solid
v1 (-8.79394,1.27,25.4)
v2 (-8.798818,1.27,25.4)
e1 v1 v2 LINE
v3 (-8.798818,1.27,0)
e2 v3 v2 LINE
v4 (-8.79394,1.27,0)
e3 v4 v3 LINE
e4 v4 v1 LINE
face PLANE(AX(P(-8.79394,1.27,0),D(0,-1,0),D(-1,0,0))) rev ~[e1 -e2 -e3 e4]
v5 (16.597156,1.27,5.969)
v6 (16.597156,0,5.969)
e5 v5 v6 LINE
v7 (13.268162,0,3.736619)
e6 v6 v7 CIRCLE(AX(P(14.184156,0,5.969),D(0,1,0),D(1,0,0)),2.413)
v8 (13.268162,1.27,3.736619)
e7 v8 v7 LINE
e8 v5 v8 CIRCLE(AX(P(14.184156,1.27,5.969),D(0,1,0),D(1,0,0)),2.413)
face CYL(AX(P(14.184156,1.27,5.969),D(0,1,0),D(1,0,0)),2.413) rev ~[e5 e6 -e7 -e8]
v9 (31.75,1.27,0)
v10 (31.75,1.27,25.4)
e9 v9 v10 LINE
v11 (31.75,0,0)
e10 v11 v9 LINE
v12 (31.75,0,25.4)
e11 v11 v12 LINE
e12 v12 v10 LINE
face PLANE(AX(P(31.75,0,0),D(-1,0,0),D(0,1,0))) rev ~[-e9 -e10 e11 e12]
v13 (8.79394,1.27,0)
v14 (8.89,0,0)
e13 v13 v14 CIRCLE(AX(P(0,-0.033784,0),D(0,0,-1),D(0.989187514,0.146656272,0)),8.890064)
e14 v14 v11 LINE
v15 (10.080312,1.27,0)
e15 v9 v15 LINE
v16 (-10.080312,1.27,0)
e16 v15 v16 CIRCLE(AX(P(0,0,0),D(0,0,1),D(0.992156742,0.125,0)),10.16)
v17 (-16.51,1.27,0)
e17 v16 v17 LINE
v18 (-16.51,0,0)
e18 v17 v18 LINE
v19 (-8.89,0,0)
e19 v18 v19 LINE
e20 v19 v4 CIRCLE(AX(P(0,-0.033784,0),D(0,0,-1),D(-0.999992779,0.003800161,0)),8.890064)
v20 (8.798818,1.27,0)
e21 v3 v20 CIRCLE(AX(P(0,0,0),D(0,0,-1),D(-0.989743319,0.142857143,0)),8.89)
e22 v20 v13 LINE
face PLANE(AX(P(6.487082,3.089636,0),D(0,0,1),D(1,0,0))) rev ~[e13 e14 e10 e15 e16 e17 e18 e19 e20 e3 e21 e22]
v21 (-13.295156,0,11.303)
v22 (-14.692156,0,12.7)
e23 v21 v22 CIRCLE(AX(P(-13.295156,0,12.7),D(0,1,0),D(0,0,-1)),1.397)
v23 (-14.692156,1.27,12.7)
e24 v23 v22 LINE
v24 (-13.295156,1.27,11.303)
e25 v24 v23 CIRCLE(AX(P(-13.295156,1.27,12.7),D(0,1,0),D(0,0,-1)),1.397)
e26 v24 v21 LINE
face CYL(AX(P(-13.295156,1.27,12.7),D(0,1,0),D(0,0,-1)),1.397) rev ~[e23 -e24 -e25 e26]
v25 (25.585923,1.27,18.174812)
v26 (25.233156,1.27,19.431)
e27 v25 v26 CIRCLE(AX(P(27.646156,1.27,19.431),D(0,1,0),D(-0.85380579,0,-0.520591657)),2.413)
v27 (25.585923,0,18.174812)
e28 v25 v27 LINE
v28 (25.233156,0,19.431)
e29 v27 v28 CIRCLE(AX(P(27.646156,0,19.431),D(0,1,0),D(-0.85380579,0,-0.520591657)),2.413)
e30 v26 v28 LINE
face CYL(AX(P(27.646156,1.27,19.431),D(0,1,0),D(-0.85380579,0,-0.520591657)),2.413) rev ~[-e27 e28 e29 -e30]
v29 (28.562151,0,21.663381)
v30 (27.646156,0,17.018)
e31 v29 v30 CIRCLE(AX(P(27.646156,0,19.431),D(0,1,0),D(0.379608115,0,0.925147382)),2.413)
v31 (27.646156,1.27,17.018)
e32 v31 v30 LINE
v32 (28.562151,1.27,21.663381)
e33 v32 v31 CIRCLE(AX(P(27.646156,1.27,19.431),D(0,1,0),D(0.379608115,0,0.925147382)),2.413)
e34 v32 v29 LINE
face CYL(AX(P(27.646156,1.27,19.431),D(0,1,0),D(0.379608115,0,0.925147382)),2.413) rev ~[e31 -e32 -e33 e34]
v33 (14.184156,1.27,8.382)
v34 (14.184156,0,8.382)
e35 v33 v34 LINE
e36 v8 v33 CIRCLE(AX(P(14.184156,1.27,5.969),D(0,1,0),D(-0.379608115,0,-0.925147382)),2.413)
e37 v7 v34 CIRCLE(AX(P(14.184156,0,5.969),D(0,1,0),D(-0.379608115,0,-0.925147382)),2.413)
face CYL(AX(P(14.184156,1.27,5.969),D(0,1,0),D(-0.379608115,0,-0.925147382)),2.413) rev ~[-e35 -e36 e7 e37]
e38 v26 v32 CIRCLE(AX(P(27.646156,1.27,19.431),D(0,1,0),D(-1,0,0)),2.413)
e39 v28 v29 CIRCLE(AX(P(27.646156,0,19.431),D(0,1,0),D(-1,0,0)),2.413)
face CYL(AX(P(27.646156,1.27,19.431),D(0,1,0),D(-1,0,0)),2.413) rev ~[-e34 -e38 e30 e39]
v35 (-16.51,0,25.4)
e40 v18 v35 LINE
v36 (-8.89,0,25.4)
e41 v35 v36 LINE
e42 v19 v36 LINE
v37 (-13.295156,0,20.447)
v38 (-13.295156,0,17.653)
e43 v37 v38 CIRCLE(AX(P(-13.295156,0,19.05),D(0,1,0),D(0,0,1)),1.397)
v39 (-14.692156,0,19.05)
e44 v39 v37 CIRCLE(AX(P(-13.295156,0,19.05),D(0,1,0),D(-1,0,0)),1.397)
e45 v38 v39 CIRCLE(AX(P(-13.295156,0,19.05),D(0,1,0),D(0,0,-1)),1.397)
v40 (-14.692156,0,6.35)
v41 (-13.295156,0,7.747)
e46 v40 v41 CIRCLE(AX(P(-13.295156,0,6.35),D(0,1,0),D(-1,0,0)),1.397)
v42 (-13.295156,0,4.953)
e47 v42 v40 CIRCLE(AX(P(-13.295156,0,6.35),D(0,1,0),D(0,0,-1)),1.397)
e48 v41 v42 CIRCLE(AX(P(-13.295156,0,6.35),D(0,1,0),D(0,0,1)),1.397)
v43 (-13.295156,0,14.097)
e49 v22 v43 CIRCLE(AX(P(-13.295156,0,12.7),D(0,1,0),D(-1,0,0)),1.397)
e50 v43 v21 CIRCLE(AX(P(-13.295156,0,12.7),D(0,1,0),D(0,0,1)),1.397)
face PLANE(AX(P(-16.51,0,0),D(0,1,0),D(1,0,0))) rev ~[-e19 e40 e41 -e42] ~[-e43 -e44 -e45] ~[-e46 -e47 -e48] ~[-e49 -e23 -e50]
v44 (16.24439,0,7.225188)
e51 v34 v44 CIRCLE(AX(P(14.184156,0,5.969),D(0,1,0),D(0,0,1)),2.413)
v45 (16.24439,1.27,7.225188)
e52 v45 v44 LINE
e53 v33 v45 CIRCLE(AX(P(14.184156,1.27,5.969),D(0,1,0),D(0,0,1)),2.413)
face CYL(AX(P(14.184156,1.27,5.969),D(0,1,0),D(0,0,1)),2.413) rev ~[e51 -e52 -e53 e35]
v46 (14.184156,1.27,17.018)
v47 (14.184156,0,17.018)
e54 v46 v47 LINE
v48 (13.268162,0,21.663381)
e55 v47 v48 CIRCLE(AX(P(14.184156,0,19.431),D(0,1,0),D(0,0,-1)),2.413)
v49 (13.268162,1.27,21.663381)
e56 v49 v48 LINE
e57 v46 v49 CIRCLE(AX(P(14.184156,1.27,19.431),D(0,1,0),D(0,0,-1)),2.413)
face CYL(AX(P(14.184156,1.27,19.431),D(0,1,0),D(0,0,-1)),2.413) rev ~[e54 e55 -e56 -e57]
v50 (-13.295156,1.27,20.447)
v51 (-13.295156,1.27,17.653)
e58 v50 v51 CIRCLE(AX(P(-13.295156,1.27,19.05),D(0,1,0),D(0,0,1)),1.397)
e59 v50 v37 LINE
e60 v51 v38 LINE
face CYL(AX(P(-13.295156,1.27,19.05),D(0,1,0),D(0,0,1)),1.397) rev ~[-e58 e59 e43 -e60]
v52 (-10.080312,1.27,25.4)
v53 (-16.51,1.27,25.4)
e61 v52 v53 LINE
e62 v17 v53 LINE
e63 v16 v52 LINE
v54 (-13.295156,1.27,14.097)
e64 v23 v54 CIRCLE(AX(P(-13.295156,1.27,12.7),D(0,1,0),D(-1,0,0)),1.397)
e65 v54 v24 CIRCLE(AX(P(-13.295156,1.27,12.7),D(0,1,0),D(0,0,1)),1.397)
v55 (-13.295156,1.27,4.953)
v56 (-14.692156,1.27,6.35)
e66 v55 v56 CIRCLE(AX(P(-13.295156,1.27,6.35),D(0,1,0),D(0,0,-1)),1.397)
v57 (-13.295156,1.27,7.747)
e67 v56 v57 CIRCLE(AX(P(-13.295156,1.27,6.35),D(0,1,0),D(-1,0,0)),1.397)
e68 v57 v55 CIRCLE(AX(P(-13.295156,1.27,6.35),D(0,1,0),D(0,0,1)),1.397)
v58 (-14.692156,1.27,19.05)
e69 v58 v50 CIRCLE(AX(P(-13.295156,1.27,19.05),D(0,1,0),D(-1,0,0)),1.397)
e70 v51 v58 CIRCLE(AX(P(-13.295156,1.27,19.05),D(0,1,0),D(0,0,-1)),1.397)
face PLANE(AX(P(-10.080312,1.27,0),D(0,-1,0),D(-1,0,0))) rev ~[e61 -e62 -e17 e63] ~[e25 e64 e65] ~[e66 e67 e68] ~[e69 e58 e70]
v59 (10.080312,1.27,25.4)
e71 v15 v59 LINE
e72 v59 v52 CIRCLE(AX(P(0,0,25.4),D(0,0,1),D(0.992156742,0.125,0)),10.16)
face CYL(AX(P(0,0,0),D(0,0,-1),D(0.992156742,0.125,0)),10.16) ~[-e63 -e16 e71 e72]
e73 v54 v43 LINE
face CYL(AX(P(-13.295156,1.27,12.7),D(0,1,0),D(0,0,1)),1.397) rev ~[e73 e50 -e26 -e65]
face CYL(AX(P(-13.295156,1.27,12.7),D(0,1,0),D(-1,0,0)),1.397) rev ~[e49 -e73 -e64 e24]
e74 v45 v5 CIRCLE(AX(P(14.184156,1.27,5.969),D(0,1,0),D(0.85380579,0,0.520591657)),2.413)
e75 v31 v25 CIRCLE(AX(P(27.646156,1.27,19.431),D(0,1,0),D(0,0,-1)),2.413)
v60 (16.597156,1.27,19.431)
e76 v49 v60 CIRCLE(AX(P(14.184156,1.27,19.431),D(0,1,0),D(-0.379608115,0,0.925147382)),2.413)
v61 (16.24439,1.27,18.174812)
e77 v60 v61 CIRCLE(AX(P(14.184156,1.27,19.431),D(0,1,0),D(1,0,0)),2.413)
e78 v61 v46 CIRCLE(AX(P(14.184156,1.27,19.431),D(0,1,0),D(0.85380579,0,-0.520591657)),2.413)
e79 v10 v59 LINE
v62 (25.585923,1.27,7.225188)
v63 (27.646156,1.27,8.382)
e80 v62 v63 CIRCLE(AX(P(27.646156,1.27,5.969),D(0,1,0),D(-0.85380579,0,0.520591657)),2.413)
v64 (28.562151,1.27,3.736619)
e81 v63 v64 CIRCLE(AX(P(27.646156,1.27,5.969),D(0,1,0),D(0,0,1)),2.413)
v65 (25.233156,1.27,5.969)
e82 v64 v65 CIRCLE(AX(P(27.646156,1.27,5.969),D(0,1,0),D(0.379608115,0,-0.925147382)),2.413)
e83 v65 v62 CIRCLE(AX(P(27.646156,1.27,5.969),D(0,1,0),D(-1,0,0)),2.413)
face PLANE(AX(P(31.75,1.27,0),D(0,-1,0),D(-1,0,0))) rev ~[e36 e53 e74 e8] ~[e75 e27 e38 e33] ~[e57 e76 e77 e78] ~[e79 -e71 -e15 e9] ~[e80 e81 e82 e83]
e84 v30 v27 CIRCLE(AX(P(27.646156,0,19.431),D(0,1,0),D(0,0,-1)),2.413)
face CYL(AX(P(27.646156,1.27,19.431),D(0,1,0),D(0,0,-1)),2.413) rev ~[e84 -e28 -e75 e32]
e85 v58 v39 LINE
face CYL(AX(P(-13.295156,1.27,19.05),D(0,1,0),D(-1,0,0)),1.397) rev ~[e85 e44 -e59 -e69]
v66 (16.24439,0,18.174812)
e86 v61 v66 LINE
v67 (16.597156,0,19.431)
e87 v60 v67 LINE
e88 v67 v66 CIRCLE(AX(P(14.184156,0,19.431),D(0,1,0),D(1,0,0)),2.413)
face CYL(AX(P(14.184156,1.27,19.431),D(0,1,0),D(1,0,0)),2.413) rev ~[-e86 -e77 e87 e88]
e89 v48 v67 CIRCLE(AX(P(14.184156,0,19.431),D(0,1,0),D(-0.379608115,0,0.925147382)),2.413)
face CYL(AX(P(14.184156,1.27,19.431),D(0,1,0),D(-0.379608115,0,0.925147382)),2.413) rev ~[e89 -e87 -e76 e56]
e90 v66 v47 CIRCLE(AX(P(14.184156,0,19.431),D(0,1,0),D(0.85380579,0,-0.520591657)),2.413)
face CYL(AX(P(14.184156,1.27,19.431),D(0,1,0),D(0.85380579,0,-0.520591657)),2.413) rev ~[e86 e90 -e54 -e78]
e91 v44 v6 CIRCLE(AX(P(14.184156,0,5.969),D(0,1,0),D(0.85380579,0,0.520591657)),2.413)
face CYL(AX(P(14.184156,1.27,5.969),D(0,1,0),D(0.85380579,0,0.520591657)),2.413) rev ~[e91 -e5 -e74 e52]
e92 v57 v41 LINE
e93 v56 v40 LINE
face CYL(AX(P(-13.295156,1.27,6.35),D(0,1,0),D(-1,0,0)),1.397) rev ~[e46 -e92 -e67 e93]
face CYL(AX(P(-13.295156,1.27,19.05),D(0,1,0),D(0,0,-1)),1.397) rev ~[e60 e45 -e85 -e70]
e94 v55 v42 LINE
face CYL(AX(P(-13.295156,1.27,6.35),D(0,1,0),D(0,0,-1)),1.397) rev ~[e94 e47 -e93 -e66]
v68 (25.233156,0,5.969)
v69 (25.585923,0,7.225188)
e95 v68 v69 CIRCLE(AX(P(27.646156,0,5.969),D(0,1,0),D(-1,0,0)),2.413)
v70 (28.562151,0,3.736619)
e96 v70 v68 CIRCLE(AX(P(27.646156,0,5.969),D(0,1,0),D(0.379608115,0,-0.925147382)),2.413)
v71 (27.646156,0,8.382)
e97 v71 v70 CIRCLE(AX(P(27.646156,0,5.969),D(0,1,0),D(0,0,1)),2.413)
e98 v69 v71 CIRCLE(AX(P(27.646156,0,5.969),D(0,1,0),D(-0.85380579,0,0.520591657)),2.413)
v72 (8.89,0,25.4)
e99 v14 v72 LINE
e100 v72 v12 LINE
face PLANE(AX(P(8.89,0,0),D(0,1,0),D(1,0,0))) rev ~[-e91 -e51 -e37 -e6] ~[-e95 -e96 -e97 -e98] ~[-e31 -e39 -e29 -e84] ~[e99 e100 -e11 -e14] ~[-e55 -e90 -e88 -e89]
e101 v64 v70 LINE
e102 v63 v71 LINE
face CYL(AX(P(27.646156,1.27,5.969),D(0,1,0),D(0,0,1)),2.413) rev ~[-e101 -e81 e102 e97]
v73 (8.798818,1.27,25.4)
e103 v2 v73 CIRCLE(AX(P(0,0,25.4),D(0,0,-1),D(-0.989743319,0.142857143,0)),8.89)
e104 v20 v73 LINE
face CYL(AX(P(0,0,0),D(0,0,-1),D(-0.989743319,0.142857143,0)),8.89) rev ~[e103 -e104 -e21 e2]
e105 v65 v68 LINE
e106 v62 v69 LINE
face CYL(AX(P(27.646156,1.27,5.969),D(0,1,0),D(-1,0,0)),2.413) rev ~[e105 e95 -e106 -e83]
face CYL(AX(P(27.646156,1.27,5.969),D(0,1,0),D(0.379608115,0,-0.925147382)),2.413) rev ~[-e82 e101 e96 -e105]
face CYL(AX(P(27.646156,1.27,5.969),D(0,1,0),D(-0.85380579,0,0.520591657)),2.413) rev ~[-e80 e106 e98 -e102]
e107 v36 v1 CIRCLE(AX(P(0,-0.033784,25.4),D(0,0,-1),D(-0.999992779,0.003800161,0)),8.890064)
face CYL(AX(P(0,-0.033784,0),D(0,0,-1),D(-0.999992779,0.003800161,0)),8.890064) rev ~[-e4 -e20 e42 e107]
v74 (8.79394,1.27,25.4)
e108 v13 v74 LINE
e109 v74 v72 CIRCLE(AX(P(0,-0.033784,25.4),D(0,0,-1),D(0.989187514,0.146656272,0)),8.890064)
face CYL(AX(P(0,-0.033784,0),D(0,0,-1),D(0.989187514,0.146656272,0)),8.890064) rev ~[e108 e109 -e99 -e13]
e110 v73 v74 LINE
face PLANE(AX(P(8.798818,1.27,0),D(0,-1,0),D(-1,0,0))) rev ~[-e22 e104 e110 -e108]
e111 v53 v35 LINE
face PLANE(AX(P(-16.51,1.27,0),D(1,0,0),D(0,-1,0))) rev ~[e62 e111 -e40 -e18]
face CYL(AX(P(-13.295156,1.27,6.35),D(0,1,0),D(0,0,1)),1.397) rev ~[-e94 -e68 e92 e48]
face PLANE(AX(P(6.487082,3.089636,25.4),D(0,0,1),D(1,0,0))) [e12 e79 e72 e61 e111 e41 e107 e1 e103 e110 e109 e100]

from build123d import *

# Parameters (mm, degrees)
F1_DEPTH = 25.4
F4_DEPTH = 25.4


with BuildPart() as f1:
    # F0 (on Top) → F1 (new body)
    with BuildSketch(Plane.XY):
        with BuildLine():
            ThreePointArc((-8.7988181024, 1.27), (0, 8.89), (8.7988181024, 1.27))
            Line((8.7988181024, 1.27), (8.793940497, 1.27))
            ThreePointArc((8.793940497, 1.27), (8.8647426852, 0.636722448), (8.89, 0))
            Line((8.89, 0), (10.16, 0))
            Line((10.16, 0), (31.75, 0))
            Line((31.75, 0), (31.75, 1.27))
            Line((31.75, 1.27), (10.0803124952, 1.27))
            ThreePointArc((10.0803124952, 1.27), (0, 10.16), (-10.0803124952, 1.27))
            Line((-10.0803124952, 1.27), (-16.51, 1.27))
            Line((-16.51, 1.27), (-16.51, 0))
            Line((-16.51, 0), (-10.16, 0))
            Line((-10.16, 0), (-8.89, 0))
            ThreePointArc((-8.89, 0), (-8.8647426852, 0.636722448), (-8.793940497, 1.27))
            Line((-8.793940497, 1.27), (-8.7988181024, 1.27))
        make_face()
    extrude(amount=F1_DEPTH)

    # F3 (on face) + F2 (on face) → F4 (cut)
    with BuildSketch(Plane(origin=(0, 1.27, 0), x_dir=(-1, 0, 0), z_dir=(0, 1, 0))):
        with BuildLine():
            Line((-25.5859228767, 18.1748123319), (-26.6576234364, 19.431))
            Line((-26.6576234364, 19.431), (-27.6461562476, 19.431))
            Line((-27.6461562476, 19.431), (-27.6461562476, 17.018))
            ThreePointArc((-27.6461562476, 17.018), (-26.4647612762, 17.3269859978), (-25.5859228767, 18.1748123319))
        make_face()
        with BuildLine():
            Line((-25.2331562476, 19.431), (-26.6576234364, 19.431))
            Line((-26.6576234364, 19.431), (-25.5859228767, 18.1748123319))
            ThreePointArc((-25.5859228767, 18.1748123319), (-25.3230212834, 18.7786098268), (-25.2331562476, 19.431))
        make_face()
        with BuildLine():
            ThreePointArc((-25.2331562476, 19.431), (-26.302230179, 21.4351037204), (-28.5621506298, 21.6633806332))
            Line((-28.5621506298, 21.6633806332), (-26.6576234364, 19.431))
            Line((-26.6576234364, 19.431), (-25.2331562476, 19.431))
        make_face()
        with BuildLine():
            Line((-26.6576234364, 19.431), (-28.5621506298, 21.6633806332))
            ThreePointArc((-28.5621506298, 21.6633806332), (-30.013570815, 18.9641839056), (-27.6461562476, 17.018))
            Line((-27.6461562476, 17.018), (-27.6461562476, 19.431))
            Line((-27.6461562476, 19.431), (-26.6576234364, 19.431))
        make_face()
        with BuildLine():
            ThreePointArc((-27.6461562476, 8.382), (-30.013570815, 6.4358160944), (-28.5621506298, 3.7366193668))
            Line((-28.5621506298, 3.7366193668), (-26.6576234364, 5.969))
            Line((-26.6576234364, 5.969), (-27.6461562476, 5.969))
            Line((-27.6461562476, 5.969), (-27.6461562476, 8.382))
        make_face()
        with BuildLine():
            Line((-26.6576234364, 5.969), (-28.5621506298, 3.7366193668))
            ThreePointArc((-28.5621506298, 3.7366193668), (-26.302230179, 3.9648962796), (-25.2331562476, 5.969))
            Line((-25.2331562476, 5.969), (-26.6576234364, 5.969))
        make_face()
        with BuildLine():
            Line((-25.5859228767, 7.2251876681), (-26.6576234364, 5.969))
            Line((-26.6576234364, 5.969), (-25.2331562476, 5.969))
            ThreePointArc((-25.2331562476, 5.969), (-25.3230212834, 6.6213901732), (-25.5859228767, 7.2251876681))
        make_face()
        with BuildLine():
            ThreePointArc((-25.5859228767, 7.2251876681), (-26.4647612762, 8.0730140022), (-27.6461562476, 8.382))
            Line((-27.6461562476, 8.382), (-27.6461562476, 5.969))
            Line((-27.6461562476, 5.969), (-26.6576234364, 5.969))
            Line((-26.6576234364, 5.969), (-25.5859228767, 7.2251876681))
        make_face()
        with BuildLine():
            ThreePointArc((-16.2443896185, 7.2251876681), (-16.5072912118, 6.6213901732), (-16.5971562476, 5.969))
            Line((-16.5971562476, 5.969), (-15.1726890588, 5.969))
            Line((-15.1726890588, 5.969), (-16.2443896185, 7.2251876681))
        make_face()
        with BuildLine():
            ThreePointArc((-16.5971562476, 5.969), (-15.5280823162, 3.9648962796), (-13.2681618653, 3.7366193668))
            Line((-13.2681618653, 3.7366193668), (-15.1726890588, 5.969))
            Line((-15.1726890588, 5.969), (-16.5971562476, 5.969))
        make_face()
        with BuildLine():
            Line((-15.1726890588, 5.969), (-13.2681618653, 3.7366193668))
            ThreePointArc((-13.2681618653, 3.7366193668), (-12.1800525272, 4.6250739314), (-11.7711562476, 5.969))
            ThreePointArc((-11.7711562476, 5.969), (-12.4779075846, 7.675248663), (-14.1841562476, 8.382))
            Line((-14.1841562476, 8.382), (-14.1841562476, 5.969))
            Line((-14.1841562476, 5.969), (-15.1726890588, 5.969))
        make_face()
        with BuildLine():
            Line((-16.2443896185, 7.2251876681), (-15.1726890588, 5.969))
            Line((-15.1726890588, 5.969), (-14.1841562476, 5.969))
            Line((-14.1841562476, 5.969), (-14.1841562476, 8.382))
            ThreePointArc((-14.1841562476, 8.382), (-15.365551219, 8.0730140022), (-16.2443896185, 7.2251876681))
        make_face()
        with BuildLine():
            Line((-14.1841562476, 19.431), (-15.1726890588, 19.431))
            Line((-15.1726890588, 19.431), (-16.2443896185, 18.1748123319))
            ThreePointArc((-16.2443896185, 18.1748123319), (-15.365551219, 17.3269859978), (-14.1841562476, 17.018))
            Line((-14.1841562476, 17.018), (-14.1841562476, 19.431))
        make_face()
        with BuildLine():
            Line((-15.1726890588, 19.431), (-16.5971562476, 19.431))
            ThreePointArc((-16.5971562476, 19.431), (-16.5072912118, 18.7786098268), (-16.2443896185, 18.1748123319))
            Line((-16.2443896185, 18.1748123319), (-15.1726890588, 19.431))
        make_face()
        with BuildLine():
            Line((-15.1726890588, 19.431), (-13.2681618653, 21.6633806332))
            ThreePointArc((-13.2681618653, 21.6633806332), (-15.5280823162, 21.4351037204), (-16.5971562476, 19.431))
            Line((-16.5971562476, 19.431), (-15.1726890588, 19.431))
        make_face()
        with BuildLine():
            ThreePointArc((-11.7711562476, 19.431), (-12.1800525272, 20.7749260686), (-13.2681618653, 21.6633806332))
            Line((-13.2681618653, 21.6633806332), (-15.1726890588, 19.431))
            Line((-15.1726890588, 19.431), (-14.1841562476, 19.431))
            Line((-14.1841562476, 19.431), (-14.1841562476, 17.018))
            ThreePointArc((-14.1841562476, 17.018), (-12.4779075846, 17.724751337), (-11.7711562476, 19.431))
        make_face()
    with BuildSketch(Plane(origin=(0, 1.27, 0), x_dir=(-1, 0, 0), z_dir=(0, 1, 0))):
        with BuildLine():
            Line((13.2951562476, 17.653), (13.2951562476, 20.447))
            ThreePointArc((13.2951562476, 20.447), (11.8981562476, 19.05), (13.2951562476, 17.653))
        make_face()
        with BuildLine():
            ThreePointArc((14.6921562476, 19.05), (14.2829844209, 20.0378281733), (13.2951562476, 20.447))
            Line((13.2951562476, 20.447), (13.2951562476, 17.653))
            ThreePointArc((13.2951562476, 17.653), (14.2829844209, 18.0621718267), (14.6921562476, 19.05))
        make_face()
        with BuildLine():
            Line((13.2951562476, 11.303), (13.2951562476, 14.097))
            ThreePointArc((13.2951562476, 14.097), (11.8981562476, 12.7), (13.2951562476, 11.303))
        make_face()
        with BuildLine():
            ThreePointArc((14.6921562476, 12.7), (14.2829844209, 13.6878281733), (13.2951562476, 14.097))
            Line((13.2951562476, 14.097), (13.2951562476, 11.303))
            ThreePointArc((13.2951562476, 11.303), (14.2829844209, 11.7121718267), (14.6921562476, 12.7))
        make_face()
        with BuildLine():
            ThreePointArc((13.2951562476, 7.747), (11.8981562476, 6.35), (13.2951562476, 4.953))
            Line((13.2951562476, 4.953), (13.2951562476, 7.747))
        make_face()
        with BuildLine():
            Line((13.2951562476, 7.747), (13.2951562476, 4.953))
            ThreePointArc((13.2951562476, 4.953), (14.2829844209, 5.3621718267), (14.6921562476, 6.35))
            ThreePointArc((14.6921562476, 6.35), (14.2829844209, 7.3378281733), (13.2951562476, 7.747))
        make_face()
    extrude(amount=-F4_DEPTH, mode=Mode.SUBTRACT)


solid = f1.part
